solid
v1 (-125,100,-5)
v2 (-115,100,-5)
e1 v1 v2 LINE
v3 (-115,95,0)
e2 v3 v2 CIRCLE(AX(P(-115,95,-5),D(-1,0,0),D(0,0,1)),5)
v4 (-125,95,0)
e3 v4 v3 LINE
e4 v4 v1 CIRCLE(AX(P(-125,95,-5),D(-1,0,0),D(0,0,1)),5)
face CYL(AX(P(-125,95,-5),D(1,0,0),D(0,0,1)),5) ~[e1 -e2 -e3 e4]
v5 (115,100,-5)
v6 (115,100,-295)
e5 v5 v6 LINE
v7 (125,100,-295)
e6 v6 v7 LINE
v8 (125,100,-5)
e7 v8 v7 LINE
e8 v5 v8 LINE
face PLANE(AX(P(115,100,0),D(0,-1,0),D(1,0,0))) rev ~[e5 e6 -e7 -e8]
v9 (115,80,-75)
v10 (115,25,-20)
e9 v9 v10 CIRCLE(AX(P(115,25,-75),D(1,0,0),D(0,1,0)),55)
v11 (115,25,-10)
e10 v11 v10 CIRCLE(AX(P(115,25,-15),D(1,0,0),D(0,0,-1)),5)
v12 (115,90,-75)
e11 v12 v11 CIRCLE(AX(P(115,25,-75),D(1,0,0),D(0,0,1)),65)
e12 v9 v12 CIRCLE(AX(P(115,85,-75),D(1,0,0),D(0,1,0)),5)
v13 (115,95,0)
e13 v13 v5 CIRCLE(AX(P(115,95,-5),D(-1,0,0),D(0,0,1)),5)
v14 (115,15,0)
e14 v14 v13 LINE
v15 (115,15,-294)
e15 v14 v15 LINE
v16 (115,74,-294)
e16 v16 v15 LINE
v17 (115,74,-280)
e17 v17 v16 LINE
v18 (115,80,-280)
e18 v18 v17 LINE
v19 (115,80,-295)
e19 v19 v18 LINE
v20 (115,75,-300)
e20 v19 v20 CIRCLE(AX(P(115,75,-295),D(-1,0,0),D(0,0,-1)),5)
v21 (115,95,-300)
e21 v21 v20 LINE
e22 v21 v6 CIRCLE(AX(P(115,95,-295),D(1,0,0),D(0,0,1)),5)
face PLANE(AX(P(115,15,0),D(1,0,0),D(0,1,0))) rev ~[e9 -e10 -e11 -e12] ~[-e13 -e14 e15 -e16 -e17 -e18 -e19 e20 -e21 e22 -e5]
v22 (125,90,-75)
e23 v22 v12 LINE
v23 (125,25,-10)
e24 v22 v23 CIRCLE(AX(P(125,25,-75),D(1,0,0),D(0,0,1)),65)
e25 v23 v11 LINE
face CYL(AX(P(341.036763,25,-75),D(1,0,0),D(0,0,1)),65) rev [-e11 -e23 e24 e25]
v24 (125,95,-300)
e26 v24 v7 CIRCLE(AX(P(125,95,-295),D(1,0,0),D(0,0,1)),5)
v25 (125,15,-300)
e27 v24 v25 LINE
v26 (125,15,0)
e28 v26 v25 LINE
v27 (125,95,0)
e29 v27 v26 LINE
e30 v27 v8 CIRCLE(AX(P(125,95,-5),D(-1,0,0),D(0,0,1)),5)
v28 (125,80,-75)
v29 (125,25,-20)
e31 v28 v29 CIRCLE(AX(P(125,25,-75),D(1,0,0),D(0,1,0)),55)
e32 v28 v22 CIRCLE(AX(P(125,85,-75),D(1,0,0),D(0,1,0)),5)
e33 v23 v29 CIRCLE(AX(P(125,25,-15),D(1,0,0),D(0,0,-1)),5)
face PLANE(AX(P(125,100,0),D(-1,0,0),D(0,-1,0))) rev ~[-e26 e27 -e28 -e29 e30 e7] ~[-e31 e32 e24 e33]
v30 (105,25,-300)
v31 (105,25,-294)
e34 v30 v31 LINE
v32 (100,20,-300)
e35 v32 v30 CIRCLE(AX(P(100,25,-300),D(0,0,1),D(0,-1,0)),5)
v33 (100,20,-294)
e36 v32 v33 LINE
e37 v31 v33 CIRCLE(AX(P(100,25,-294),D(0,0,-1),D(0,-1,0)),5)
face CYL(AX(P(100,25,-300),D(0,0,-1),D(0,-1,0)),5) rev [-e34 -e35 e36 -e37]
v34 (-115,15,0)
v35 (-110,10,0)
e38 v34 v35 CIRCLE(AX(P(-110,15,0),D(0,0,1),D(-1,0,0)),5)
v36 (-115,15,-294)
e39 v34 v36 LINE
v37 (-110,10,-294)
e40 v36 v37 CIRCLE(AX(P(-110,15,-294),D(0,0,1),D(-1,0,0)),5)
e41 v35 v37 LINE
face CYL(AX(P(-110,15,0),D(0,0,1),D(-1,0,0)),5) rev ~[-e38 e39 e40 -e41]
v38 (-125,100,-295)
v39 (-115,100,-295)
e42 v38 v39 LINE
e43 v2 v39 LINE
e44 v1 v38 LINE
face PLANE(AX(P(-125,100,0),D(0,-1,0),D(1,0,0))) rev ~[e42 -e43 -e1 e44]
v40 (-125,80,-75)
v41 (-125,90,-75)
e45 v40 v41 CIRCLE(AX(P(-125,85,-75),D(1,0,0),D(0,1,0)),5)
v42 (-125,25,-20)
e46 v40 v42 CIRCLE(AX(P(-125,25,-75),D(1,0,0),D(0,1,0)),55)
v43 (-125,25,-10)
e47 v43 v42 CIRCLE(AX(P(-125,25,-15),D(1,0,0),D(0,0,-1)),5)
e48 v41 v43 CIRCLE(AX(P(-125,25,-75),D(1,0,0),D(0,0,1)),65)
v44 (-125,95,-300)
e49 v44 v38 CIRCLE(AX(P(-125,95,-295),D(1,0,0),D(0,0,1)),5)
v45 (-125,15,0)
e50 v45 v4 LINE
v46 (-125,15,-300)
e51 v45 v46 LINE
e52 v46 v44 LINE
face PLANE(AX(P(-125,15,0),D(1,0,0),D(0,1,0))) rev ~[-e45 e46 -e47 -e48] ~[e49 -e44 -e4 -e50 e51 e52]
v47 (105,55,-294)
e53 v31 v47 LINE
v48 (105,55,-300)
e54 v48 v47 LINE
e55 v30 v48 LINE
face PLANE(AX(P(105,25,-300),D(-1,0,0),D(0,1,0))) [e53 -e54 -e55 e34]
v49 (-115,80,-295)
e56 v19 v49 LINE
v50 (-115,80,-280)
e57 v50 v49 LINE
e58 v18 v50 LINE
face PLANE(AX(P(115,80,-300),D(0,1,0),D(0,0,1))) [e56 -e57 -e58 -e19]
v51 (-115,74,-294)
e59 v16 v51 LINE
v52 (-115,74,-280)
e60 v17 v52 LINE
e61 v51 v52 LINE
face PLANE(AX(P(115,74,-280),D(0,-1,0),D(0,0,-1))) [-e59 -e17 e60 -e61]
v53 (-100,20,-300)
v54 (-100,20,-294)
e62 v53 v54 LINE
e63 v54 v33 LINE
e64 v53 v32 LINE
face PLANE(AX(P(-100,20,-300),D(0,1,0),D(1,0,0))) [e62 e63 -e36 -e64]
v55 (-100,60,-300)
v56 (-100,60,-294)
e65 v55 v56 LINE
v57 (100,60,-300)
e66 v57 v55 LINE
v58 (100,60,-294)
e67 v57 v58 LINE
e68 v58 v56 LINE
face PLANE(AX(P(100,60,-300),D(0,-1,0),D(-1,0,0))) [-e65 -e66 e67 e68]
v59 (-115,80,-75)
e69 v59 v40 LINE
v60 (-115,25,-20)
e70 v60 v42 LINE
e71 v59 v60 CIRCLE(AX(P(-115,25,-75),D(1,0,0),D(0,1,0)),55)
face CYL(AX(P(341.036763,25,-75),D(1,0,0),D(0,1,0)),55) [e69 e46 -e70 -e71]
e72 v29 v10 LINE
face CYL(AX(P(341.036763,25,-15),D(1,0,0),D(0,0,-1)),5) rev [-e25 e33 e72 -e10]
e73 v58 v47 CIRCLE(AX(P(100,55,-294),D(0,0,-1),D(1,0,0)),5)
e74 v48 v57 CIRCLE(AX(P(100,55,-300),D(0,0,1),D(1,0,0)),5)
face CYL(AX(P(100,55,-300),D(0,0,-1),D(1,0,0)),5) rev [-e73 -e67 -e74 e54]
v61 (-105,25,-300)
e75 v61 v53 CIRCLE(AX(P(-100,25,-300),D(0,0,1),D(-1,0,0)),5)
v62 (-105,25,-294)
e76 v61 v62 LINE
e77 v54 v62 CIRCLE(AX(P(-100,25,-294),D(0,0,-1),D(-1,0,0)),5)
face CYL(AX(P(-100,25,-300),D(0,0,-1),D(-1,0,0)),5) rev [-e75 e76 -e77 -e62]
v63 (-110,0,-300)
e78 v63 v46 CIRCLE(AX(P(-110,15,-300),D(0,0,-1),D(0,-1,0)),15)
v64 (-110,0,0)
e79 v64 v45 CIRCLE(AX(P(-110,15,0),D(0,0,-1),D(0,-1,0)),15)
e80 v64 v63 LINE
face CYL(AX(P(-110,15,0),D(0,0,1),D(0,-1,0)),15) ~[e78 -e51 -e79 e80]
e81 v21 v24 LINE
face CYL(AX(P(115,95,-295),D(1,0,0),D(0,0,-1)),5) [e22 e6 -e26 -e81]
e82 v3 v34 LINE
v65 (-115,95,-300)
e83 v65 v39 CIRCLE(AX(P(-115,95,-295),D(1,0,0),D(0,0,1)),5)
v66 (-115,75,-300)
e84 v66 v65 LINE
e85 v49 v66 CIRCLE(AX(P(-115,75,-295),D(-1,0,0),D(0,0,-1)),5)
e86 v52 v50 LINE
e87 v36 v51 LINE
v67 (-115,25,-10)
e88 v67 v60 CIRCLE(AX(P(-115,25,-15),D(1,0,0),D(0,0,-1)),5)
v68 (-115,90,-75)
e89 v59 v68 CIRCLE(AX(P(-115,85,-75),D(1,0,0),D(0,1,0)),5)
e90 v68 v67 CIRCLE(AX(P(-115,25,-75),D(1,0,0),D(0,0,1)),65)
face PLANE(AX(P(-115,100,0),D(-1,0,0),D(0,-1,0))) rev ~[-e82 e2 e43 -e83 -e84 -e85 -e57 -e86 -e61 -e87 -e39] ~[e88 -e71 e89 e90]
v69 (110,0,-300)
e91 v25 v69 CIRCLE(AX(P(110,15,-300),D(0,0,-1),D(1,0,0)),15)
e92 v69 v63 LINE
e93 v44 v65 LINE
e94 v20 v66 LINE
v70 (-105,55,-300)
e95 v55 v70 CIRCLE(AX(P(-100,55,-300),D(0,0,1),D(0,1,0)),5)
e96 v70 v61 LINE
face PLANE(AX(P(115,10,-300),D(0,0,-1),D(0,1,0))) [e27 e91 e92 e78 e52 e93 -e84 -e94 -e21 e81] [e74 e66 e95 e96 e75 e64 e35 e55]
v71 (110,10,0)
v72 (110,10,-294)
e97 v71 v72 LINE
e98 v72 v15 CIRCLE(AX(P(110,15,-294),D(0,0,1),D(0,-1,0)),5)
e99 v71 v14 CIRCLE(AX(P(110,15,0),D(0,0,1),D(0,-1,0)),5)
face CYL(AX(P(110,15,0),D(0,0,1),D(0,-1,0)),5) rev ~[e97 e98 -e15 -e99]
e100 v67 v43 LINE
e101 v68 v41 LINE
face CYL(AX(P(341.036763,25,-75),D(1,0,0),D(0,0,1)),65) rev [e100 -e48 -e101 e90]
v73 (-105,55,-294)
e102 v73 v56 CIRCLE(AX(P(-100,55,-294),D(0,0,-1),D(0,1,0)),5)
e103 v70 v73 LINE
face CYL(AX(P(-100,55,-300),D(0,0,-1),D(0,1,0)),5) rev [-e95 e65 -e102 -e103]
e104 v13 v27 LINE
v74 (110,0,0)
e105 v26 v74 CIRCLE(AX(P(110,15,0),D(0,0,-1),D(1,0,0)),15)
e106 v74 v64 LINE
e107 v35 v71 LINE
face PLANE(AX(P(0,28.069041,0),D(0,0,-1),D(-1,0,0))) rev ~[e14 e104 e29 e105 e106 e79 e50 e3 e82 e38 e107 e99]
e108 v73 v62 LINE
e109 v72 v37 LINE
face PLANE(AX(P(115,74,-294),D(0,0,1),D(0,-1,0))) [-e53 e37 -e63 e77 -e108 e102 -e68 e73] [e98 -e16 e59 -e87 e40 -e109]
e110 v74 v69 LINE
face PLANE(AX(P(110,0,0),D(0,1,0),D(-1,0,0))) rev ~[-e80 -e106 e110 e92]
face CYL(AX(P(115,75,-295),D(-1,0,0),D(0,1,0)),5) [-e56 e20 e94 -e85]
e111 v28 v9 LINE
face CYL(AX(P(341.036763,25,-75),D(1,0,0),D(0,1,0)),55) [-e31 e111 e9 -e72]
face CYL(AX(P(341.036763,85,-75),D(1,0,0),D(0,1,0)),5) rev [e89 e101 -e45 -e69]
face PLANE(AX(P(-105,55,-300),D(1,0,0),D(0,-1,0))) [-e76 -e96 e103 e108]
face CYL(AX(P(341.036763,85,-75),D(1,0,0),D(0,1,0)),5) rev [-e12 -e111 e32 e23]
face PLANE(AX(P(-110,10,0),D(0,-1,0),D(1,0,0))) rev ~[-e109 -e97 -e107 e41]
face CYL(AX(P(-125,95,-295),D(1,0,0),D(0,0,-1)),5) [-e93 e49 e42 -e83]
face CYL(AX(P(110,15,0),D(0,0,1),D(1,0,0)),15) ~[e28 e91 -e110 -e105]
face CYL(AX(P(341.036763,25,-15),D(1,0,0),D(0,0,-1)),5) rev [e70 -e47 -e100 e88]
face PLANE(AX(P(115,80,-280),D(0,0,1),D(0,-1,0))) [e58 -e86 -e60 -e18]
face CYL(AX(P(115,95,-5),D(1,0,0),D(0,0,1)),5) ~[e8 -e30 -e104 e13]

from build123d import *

# Parameters (mm, degrees)
EXTRUDE_THIN1_DEPTH     = 300
CUT_EXTRUDE1_DEPTH      = 341.036762718
CUT_EXTRUDE1_DEPTH_BACK = 341.036762718
BOSS_EXTRUDE1_REACH     = 398.989
CUT_EXTRUDE2_REACH      = 342.037
FILLET1_R               = 5


with BuildPart() as part:
    # Sketch1 → Extrude-Thin1 (new body)
    with BuildSketch(Plane.XY):
        with BuildLine():
            Line((125, 100), (125, 15))
            ThreePointArc((125, 15), (120.606601718, 4.393398282), (110, 0))
            Line((110, 0), (-110, 0))
            ThreePointArc((-110, 0), (-120.606601718, 4.393398282), (-125, 15))
            Line((-125, 15), (-125, 100))
            Line((-125, 100), (-115, 100))
            Line((-115, 100), (-115, 15))
            ThreePointArc((-115, 15), (-113.535533906, 11.464466094), (-110, 10))
            Line((-110, 10), (110, 10))
            ThreePointArc((110, 10), (113.535533906, 11.464466094), (115, 15))
            Line((115, 15), (115, 100))
            Line((115, 100), (125, 100))
        make_face()
    extrude(amount=-EXTRUDE_THIN1_DEPTH)

    # Sketch2 → Cut-Extrude1 (cut, two sides: drawn at the far end of the back side and taken through both)
    with BuildSketch(Plane.ZY.offset(-CUT_EXTRUDE1_DEPTH_BACK)):
        with BuildLine():
            ThreePointArc((-75, 80), (-36.109127035, 63.890872965), (-20, 25))
            ThreePointArc((-20, 25), (-15, 20), (-10, 25))
            ThreePointArc((-10, 25), (-29.038059223, 70.961940777), (-75, 90))
            ThreePointArc((-75, 90), (-80, 85), (-75, 80))
        make_face()
    extrude(amount=CUT_EXTRUDE1_DEPTH + CUT_EXTRUDE1_DEPTH_BACK, mode=Mode.SUBTRACT)

    # Boss-Extrude1: up to this face of the body (flat: up to its plane)
    boss_extrude1_end = Plane(part.part.faces().sort_by_distance((-115, 57.288670869, -154.695150869))[0])
    # Sketch3 → Boss-Extrude1 (add, up to the picked face)
    with BuildSketch(Plane.ZY.offset(-115), mode=Mode.PRIVATE) as boss_extrude1_sk1:
        Polygon((-300, 80), (-280, 80), (-280, 74), (-294, 74), (-294, 10), (-300, 10), align=None)
    boss_extrude1_tool1 = split(extrude(boss_extrude1_sk1.sketch, amount=BOSS_EXTRUDE1_REACH, mode=Mode.PRIVATE), bisect_by=boss_extrude1_end, keep=Keep.BOTH, mode=Mode.PRIVATE)
    add(boss_extrude1_tool1.solids().sort_by(Axis((115, 50.333333, -295.333333), (-1, 0, 0)))[0])

    # Sketch4 → Cut-Extrude2 (cut, up to next)
    with BuildSketch(Plane(origin=(0, 0, -300), x_dir=(-1, 0, 0), z_dir=(0, 0, -1)), mode=Mode.PRIVATE) as cut_extrude2_sk1:
        with BuildLine():
            Line((-100, 60), (100, 60))
            ThreePointArc((100, 60), (103.535533906, 58.535533906), (105, 55))
            Line((105, 55), (105, 25))
            ThreePointArc((105, 25), (103.535533906, 21.464466094), (100, 20))
            Line((100, 20), (-100, 20))
            ThreePointArc((-100, 20), (-103.535533906, 21.464466094), (-105, 25))
            Line((-105, 25), (-105, 55))
            ThreePointArc((-105, 55), (-103.535533906, 58.535533906), (-100, 60))
        make_face()
    cut_extrude2_tool1 = extrude(cut_extrude2_sk1.sketch, amount=-CUT_EXTRUDE2_REACH, mode=Mode.PRIVATE) & part.part
    add(cut_extrude2_tool1.solids().sort_by_distance((0, 40, -300))[0], mode=Mode.SUBTRACT)

    # Fillet1
    fillet1_edges = [part.edges().sort_by_distance(p)[0] for p in [
        (120, 100, 0),
        (-120, 100, 0),
        (120, 100, -300),
        (0, 80, -300),
        (-120, 100, -300),
    ]]
    fillet(fillet1_edges, radius=FILLET1_R)


solid = part.part
